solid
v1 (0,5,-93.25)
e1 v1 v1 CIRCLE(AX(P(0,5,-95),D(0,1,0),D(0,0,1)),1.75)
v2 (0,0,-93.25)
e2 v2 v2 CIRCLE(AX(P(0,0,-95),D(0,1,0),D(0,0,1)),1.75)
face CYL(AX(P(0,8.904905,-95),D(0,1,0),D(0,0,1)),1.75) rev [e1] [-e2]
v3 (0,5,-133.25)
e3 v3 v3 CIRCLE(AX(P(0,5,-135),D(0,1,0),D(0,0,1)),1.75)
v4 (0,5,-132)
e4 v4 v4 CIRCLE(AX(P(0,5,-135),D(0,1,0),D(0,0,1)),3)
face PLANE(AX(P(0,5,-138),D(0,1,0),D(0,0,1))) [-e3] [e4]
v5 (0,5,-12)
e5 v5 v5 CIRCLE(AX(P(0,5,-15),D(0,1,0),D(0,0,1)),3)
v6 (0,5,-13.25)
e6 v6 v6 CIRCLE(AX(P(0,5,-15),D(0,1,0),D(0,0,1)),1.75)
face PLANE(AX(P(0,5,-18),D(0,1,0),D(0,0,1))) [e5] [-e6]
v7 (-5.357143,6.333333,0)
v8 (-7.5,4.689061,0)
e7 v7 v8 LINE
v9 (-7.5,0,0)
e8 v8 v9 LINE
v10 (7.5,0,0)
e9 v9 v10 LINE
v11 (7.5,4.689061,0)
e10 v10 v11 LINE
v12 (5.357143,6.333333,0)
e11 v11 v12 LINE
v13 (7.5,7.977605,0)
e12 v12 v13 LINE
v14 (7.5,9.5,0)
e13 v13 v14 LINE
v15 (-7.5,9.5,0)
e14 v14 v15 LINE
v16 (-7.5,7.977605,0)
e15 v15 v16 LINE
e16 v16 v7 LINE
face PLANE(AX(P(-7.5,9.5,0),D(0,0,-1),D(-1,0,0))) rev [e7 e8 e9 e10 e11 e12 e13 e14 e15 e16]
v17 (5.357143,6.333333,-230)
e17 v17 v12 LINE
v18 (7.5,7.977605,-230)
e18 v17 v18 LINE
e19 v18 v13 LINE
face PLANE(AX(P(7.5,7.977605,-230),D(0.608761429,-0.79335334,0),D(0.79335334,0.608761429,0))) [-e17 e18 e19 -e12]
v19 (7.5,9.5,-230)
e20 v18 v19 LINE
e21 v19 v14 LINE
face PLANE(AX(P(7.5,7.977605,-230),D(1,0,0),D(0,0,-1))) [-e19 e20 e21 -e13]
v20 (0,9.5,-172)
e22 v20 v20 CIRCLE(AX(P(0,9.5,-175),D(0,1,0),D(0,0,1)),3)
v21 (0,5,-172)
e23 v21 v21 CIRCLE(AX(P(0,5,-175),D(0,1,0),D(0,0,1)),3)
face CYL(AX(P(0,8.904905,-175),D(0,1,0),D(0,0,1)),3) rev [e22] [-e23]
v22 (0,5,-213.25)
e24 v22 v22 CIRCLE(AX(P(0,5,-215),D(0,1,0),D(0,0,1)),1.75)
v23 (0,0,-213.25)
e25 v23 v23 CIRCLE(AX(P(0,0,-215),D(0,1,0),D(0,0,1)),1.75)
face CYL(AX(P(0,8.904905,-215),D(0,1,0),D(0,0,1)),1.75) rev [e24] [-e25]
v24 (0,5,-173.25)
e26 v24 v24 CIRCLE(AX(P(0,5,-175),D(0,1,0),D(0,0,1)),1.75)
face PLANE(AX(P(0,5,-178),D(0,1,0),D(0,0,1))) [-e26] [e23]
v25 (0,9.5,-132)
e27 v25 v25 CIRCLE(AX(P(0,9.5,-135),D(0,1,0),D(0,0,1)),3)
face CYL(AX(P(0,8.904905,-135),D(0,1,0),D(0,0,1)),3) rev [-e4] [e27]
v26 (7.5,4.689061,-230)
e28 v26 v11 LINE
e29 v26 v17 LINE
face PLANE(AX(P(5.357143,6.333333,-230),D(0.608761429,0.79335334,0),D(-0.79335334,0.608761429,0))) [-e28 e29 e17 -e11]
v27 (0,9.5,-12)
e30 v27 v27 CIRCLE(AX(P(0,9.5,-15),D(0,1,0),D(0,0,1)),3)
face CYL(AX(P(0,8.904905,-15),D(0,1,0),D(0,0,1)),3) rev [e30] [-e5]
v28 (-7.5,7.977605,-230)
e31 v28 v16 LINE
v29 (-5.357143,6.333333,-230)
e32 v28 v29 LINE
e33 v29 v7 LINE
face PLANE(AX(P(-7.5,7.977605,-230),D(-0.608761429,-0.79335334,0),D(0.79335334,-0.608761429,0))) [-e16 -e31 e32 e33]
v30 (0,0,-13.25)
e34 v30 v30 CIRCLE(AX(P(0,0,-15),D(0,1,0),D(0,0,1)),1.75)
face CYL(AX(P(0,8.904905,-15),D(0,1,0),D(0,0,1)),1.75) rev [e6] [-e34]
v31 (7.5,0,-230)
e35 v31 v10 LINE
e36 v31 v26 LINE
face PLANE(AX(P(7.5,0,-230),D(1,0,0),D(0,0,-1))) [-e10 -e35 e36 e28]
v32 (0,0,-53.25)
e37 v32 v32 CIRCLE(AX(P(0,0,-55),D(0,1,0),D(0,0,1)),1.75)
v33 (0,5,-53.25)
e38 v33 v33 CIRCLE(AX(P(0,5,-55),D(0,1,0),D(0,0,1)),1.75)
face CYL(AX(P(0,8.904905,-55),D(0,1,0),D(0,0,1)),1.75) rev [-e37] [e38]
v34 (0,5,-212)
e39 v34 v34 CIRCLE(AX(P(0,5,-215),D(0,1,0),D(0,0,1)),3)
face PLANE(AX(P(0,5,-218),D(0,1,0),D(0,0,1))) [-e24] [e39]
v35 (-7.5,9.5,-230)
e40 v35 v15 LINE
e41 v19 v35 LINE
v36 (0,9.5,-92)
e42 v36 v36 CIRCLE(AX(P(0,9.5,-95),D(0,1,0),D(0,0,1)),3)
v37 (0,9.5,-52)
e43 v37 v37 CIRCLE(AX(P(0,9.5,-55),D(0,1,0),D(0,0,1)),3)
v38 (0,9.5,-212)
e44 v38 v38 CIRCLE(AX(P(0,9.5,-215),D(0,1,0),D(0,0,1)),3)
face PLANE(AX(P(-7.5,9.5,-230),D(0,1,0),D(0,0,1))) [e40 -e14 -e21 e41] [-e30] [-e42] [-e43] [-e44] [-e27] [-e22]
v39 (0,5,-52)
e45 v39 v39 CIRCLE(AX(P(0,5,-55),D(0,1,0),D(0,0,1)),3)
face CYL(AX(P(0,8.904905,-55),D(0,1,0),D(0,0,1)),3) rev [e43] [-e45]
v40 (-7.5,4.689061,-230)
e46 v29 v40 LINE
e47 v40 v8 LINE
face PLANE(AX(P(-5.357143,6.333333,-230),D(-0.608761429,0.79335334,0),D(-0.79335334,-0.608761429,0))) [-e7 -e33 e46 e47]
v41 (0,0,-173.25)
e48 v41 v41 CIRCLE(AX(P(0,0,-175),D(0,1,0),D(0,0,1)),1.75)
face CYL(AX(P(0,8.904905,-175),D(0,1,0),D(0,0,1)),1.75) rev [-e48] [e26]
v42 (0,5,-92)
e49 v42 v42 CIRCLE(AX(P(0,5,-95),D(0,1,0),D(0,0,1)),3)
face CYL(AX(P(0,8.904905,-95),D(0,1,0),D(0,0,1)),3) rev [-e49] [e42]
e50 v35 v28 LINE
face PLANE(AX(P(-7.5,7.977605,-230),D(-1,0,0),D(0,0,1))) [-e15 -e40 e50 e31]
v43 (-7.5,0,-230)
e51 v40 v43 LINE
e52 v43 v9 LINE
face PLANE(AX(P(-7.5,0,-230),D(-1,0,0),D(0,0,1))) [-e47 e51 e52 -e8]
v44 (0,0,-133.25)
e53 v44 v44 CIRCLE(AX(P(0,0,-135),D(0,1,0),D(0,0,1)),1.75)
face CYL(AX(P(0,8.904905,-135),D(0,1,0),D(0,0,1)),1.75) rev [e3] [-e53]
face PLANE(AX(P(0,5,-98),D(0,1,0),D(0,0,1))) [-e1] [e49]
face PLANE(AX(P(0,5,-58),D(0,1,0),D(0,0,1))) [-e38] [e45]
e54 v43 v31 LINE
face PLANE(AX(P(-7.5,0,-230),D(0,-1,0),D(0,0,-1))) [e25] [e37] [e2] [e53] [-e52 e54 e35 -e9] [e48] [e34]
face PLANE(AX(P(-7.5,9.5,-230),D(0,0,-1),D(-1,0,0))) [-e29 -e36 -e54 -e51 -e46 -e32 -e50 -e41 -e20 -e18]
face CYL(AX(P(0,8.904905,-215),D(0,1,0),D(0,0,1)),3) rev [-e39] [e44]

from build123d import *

# Parameters (mm, degrees)
RAIL_DEPTH      = 230
LPATTERN1_COUNT = 6
LPATTERN1_PITCH = 40


with BuildPart() as part:
    # Sketch2 → Rail (new body)
    with BuildSketch(Plane.XY):
        Polygon((-7.5, 0), (7.5, 0), (7.5, 4.689061216), (5.357142857, 6.333333333), (7.5, 7.97760545), (7.5, 9.5), (-7.5, 9.5), (-7.5, 7.97760545), (-5.357142857, 6.333333333), (-7.5, 4.689061216), align=None)
    extrude(amount=-RAIL_DEPTH)

    # Sketch6 → C'Bore (revolve, cut)
    with BuildSketch(Plane(origin=(0, 0, 0), x_dir=(0, 0, -1), z_dir=(1, 0, 0)), mode=Mode.PRIVATE) as c_bore_sk:
        Polygon((215, 9.5), (218, 9.5), (218, 5), (216.75, 5), (216.75, 0), (215, 0), align=None)
    c_bore = revolve(c_bore_sk.sketch.rotate(Axis((0, 8.904905435, -215), (0, -1, 0)), 180), axis=Axis((0, 8.904905435, -215), (0, -1, 0)), mode=Mode.SUBTRACT)

    # LPattern1: C'Bore ×6
    with Locations(*[(0, 0, i * LPATTERN1_PITCH) for i in range(1, LPATTERN1_COUNT)]):
        add(c_bore, mode=Mode.SUBTRACT)


solid = part.part
